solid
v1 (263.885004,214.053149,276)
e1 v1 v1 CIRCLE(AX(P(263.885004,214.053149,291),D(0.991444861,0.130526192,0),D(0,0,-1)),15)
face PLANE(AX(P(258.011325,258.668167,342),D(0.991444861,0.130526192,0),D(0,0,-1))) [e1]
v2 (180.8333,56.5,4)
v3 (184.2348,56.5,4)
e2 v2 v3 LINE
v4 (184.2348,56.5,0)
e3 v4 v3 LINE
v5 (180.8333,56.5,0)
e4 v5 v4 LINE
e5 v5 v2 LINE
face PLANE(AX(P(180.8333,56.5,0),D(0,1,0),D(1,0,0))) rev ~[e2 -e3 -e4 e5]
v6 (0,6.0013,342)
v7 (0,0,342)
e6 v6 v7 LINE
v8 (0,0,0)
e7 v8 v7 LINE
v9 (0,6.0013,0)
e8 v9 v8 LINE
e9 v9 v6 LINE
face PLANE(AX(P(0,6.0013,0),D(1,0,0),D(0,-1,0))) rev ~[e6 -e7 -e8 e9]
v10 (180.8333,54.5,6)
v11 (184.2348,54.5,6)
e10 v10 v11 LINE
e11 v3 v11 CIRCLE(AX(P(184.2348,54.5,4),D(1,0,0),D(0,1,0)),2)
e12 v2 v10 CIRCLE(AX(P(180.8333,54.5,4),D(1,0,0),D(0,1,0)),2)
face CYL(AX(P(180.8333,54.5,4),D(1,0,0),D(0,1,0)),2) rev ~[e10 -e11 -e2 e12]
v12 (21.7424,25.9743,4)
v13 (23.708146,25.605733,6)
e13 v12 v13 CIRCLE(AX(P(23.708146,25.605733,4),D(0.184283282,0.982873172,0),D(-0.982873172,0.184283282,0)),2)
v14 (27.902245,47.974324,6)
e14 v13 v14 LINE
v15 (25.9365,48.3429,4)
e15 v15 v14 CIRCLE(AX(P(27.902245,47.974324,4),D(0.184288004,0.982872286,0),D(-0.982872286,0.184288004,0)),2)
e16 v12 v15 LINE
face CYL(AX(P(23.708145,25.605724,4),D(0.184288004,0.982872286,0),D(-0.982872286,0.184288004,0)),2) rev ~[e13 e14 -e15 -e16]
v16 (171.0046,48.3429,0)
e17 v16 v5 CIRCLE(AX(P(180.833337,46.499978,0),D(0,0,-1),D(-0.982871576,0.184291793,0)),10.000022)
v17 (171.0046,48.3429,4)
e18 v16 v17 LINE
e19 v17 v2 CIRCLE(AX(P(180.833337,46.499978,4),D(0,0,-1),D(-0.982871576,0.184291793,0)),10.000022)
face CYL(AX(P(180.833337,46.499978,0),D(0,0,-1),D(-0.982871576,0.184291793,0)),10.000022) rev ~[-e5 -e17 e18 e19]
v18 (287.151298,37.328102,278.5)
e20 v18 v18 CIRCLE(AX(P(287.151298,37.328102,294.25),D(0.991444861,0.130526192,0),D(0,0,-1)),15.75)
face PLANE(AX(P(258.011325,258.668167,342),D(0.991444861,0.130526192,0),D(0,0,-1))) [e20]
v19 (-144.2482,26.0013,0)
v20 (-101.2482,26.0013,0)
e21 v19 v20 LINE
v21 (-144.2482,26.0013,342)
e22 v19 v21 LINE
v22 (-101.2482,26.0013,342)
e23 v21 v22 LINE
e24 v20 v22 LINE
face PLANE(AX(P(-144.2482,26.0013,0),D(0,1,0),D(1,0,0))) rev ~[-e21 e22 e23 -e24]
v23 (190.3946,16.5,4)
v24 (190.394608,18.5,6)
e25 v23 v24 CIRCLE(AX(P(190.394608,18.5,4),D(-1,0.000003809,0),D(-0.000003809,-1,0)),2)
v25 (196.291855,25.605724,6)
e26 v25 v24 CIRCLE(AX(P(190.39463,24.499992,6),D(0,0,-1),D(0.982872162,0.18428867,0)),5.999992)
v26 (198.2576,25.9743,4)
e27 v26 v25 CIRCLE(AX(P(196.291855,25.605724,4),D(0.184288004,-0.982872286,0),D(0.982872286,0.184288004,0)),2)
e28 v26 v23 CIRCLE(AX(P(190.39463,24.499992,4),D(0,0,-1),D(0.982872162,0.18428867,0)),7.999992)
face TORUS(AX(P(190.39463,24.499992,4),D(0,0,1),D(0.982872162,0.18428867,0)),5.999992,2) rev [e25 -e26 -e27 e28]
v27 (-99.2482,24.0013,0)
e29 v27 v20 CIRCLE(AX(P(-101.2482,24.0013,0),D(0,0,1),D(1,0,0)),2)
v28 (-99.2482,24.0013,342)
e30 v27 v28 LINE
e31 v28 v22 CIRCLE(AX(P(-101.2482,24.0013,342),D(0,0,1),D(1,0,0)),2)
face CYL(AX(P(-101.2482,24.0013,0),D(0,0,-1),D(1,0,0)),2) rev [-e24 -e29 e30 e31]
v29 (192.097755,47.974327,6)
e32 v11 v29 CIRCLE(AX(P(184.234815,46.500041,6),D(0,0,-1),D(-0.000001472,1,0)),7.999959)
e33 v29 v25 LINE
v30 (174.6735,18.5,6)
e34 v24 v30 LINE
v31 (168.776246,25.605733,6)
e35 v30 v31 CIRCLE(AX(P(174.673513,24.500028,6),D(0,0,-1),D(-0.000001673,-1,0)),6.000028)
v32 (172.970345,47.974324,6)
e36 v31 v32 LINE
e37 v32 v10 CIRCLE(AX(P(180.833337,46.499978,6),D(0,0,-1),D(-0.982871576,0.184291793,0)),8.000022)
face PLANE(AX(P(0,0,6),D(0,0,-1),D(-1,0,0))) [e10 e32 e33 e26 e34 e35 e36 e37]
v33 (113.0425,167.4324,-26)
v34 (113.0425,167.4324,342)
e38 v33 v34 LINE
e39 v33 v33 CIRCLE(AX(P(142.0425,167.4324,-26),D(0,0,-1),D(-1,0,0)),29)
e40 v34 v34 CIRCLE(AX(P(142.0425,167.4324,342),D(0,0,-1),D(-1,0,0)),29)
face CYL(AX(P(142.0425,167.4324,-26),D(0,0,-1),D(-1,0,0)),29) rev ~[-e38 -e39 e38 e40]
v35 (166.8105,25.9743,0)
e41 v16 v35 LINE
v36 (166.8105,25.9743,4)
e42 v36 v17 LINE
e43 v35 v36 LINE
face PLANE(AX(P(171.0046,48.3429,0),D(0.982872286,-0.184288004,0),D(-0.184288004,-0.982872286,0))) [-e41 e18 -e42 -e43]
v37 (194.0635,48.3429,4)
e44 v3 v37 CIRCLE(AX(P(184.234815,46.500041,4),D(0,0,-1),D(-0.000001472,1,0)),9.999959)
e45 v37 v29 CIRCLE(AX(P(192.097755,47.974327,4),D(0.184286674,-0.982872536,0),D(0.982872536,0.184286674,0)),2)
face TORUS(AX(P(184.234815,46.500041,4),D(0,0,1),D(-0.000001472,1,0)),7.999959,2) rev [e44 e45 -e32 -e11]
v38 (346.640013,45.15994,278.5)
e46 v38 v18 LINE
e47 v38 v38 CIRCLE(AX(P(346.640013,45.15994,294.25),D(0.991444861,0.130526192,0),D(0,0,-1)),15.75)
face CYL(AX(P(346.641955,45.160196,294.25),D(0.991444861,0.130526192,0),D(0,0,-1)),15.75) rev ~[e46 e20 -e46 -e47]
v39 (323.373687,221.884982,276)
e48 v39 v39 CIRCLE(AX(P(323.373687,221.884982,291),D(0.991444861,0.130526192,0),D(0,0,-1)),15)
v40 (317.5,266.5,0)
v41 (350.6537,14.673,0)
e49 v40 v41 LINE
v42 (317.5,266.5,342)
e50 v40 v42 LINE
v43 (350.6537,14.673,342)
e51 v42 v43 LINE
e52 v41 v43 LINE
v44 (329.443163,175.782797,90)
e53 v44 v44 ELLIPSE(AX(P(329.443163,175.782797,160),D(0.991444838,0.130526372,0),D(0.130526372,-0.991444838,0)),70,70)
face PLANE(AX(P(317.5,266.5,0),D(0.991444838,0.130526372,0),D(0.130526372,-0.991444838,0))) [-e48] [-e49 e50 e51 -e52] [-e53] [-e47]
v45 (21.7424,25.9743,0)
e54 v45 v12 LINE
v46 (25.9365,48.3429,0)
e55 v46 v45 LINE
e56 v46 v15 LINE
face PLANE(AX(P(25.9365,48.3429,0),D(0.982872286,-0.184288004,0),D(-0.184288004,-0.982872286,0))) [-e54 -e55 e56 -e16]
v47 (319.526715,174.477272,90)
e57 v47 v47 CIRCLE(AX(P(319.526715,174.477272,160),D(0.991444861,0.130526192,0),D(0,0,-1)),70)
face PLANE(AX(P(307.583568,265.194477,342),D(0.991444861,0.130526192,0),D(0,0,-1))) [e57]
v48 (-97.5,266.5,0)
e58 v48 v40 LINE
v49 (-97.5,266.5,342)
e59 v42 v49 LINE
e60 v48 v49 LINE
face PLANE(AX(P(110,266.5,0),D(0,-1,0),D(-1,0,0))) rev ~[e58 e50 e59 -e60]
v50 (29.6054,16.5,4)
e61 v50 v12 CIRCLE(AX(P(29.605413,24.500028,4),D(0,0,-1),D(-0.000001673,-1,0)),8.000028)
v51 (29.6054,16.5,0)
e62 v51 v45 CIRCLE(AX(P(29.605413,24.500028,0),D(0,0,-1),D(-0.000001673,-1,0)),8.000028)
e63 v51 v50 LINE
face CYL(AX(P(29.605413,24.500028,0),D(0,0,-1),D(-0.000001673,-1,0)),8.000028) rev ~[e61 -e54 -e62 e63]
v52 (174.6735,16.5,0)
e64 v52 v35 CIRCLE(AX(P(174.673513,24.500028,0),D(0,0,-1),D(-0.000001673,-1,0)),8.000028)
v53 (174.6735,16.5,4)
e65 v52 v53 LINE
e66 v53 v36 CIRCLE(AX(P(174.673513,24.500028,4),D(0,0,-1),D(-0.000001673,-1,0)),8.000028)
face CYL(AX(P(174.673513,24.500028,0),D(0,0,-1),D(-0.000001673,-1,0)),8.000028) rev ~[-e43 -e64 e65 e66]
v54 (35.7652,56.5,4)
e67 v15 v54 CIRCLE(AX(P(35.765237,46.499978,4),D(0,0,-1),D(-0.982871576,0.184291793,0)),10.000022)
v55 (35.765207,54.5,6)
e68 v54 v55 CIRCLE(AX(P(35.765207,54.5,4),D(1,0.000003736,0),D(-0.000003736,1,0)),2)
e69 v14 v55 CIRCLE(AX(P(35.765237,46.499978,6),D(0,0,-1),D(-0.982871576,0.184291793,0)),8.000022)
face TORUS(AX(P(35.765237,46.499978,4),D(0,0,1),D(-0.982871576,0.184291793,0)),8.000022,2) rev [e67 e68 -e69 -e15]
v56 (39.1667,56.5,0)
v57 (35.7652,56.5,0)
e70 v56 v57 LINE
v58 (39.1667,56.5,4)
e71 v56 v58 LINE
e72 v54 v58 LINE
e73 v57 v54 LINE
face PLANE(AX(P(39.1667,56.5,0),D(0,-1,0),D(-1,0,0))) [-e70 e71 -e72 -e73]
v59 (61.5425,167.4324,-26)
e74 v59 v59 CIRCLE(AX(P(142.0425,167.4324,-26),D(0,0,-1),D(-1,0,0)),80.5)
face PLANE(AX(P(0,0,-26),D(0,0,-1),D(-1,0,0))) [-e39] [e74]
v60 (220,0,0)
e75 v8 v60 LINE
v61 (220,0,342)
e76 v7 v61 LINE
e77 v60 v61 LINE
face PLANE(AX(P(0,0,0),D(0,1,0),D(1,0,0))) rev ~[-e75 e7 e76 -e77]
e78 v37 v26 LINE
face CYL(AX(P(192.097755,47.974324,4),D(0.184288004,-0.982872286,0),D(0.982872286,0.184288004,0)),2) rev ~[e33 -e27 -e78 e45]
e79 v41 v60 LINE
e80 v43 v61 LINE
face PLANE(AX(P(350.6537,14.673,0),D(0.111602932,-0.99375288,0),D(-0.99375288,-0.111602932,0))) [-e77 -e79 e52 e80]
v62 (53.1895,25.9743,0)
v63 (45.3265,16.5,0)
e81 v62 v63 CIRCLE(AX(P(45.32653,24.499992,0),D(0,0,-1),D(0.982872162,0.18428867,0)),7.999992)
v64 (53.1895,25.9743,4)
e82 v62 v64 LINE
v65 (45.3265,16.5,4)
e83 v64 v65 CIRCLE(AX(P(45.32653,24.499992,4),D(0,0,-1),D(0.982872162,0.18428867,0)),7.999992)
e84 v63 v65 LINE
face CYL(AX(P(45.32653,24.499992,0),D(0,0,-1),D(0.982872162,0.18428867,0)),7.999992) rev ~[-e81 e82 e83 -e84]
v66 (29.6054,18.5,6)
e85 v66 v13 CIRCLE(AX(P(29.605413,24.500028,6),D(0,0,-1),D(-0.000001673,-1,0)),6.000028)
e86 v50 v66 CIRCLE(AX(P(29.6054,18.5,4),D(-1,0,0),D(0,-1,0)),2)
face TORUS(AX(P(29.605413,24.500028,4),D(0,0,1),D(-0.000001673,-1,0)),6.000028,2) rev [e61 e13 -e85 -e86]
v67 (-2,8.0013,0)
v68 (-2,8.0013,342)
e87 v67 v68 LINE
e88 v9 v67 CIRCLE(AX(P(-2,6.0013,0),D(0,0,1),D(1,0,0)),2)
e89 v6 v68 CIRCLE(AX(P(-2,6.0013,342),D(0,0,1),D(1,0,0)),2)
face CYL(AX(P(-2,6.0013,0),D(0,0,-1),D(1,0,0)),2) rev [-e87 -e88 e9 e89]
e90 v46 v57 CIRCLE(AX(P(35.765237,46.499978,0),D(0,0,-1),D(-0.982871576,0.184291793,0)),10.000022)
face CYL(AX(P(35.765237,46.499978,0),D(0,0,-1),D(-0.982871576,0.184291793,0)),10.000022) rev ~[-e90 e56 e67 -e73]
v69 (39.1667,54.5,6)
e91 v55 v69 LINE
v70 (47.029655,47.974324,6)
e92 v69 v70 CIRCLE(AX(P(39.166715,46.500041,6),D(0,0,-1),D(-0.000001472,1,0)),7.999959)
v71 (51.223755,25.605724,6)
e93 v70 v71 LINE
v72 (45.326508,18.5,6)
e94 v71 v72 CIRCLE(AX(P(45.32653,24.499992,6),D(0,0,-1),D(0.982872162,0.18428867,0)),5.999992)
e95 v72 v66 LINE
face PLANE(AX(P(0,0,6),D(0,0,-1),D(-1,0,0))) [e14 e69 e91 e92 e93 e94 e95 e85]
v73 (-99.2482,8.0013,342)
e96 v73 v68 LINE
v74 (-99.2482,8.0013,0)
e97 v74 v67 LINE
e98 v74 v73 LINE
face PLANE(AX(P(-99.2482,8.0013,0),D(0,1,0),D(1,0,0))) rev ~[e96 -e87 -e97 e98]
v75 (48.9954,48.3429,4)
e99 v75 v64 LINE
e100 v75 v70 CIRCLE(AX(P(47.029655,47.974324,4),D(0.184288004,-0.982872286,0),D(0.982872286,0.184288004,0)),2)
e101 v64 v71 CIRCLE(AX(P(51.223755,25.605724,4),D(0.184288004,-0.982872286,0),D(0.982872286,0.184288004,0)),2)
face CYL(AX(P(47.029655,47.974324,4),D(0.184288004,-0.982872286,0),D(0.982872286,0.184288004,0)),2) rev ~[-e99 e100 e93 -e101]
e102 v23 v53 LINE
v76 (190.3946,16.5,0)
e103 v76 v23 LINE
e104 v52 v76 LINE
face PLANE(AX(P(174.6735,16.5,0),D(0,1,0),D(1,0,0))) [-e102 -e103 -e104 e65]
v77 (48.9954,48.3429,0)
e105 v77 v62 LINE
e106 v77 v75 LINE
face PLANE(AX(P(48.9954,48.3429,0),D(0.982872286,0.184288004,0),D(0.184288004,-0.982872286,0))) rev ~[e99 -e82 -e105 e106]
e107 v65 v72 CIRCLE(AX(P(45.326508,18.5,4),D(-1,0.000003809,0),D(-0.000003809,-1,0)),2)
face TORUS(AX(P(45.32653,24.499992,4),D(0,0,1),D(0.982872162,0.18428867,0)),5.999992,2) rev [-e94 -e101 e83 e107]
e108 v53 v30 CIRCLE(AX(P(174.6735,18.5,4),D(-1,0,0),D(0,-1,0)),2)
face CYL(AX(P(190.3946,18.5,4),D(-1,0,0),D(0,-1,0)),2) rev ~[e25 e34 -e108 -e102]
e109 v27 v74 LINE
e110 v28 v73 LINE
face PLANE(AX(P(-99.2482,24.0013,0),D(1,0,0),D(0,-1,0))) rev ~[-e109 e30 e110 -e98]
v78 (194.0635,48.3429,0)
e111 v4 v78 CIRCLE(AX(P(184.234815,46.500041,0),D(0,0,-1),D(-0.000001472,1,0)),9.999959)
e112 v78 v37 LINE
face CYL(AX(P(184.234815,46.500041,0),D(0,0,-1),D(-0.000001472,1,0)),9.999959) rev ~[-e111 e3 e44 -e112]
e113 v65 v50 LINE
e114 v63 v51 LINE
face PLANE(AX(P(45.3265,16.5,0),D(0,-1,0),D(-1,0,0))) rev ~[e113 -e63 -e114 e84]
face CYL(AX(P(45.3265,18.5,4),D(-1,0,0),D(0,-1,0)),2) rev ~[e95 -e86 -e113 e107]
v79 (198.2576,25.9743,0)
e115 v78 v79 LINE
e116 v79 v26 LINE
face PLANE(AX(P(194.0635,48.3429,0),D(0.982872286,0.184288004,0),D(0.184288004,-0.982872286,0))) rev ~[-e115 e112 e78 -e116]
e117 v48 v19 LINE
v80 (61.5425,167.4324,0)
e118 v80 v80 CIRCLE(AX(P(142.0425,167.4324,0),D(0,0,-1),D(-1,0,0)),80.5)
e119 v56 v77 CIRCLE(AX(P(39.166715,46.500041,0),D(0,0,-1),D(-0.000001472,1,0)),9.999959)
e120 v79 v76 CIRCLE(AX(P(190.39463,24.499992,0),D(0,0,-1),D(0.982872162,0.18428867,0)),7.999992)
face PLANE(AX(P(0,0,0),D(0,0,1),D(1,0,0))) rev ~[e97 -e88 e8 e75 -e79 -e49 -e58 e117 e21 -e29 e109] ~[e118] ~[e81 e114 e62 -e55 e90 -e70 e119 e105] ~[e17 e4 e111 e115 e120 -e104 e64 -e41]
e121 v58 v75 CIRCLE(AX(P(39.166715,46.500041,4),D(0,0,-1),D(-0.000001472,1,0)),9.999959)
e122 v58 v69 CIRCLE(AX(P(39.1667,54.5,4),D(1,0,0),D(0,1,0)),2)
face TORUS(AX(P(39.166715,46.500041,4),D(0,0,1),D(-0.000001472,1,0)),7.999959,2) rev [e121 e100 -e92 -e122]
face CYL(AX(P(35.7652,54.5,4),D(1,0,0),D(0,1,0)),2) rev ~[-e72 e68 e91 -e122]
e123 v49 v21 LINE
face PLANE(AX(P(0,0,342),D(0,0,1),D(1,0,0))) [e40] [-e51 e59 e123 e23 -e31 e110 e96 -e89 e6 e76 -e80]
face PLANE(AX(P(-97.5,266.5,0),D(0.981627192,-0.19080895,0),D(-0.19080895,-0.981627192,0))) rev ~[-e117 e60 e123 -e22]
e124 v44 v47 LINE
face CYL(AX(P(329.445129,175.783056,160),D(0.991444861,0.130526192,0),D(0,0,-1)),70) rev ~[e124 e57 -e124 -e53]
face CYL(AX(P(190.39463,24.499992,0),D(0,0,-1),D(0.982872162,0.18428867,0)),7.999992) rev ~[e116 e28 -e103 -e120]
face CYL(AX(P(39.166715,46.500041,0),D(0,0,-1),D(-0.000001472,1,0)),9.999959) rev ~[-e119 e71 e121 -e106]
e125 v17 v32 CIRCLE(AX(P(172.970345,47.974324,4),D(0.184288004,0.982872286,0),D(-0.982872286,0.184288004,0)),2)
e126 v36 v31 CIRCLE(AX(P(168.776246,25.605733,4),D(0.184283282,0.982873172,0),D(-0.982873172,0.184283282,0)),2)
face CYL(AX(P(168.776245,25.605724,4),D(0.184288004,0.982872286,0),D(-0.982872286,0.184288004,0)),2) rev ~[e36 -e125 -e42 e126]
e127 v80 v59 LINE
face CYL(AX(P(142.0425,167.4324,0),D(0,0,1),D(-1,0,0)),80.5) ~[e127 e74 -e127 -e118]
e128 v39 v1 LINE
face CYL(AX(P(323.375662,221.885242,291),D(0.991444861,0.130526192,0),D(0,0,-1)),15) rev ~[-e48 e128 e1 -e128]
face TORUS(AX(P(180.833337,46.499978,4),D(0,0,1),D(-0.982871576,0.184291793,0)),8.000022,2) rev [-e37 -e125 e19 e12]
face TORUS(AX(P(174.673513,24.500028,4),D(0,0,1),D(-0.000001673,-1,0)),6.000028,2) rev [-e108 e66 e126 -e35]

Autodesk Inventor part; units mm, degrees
ref_plane "YZ Plane" through (0, 0, 0) normal (1, 0, 0) x (0, 1, 0)
ref_plane "XZ Plane" through (0, 0, 0) normal (0, 1, 0) x (-1, 0, 0)
ref_plane "XY Plane" through (0, 0, 0) normal (0, 0, 1) x (1, 0, 0)
sketch "Sketch1" plane through (0, 0, 0) normal (0, 0, 1) x (1, 0, 0)
  line L0 (0, 0) -> (220, 0)
  line L1 (110, 0) -> (110, 266.5) construction
  line L2 (110, 266.5) -> (317.5, 266.5)
  line L3 (110, 266.5) -> (-97.5, 266.5)
  line L4 (220, 0) -> (340, 0) construction
  line L5 (317.5, 266.5) -> (350.6537, 14.673)
  line L6 (317.5, 266.5) -> (571.5, 266.5) construction
  line L7 (350.6537, 14.673) -> (220, 0)
  line L8 (-97.5, 266.5) -> (-144.2482, 26.0013)
  line L9 (-97.5, 266.5) -> (147.5, 266.5) construction
  line L10 (-144.2482, 26.0013) -> (-101.2482, 26.0013)
  line L11 (-99.2482, 24.0013) -> (-99.2482, 8.0013)
  line L12 (-99.2482, 8.0013) -> (-2, 8.0013)
  line L13 (0, 6.0013) -> (0, 0)
  arc A0 (0, 6.0013) -> (-2, 8.0013) centre (-2, 6.0013) ccw
  arc A1 (-99.2482, 24.0013) -> (-101.2482, 26.0013) centre (-101.2482, 24.0013) ccw
  point P0 (-99.2482, 26.0013)
  dimension "d0" = 220
  dimension "d1" = 266.5
  dimension "d7" = 254
  dimension "d8" = 82.5
  dimension "d9" = 245
  dimension "d10" = 101
  dimension "d11" = 45
  dimension "d12" = 18
  dimension "d14" = 415
  dimension "d15" = 2
  dimension "d16" = 2
extrude "Extrusion1" add sketch "Sketch1" along normal blind 342
sketch "Sketch3" plane through (317.5, 266.5, 342) normal (0.9914, 0.1305, 0) x (0, 0, -1)
  circle A0 centre (182, -91.5) radius 70
  line L0 (342, -254) -> (342, 0) projected
  line L1 (342, 0) -> (0, 0) projected
  line L2 (252, -91.5) -> (342, -91.5) construction
  line L3 (182, -21.5) -> (182, 0) construction
  point P0 (342, -222.778)
  dimension "d22" = 140
  dimension "d26" = 160
  dimension "d27" = 70
  dimension "d28" = 91.5
  dimension "d29" = 70
extrude "Extrusion2" cut sketch "Sketch3" against normal blind 10
sketch "Sketch4" plane through (317.5, 266.5, 342) normal (0.9914, 0.1305, 0) x (0, 0, -1)
  line L0 (342, 0) -> (0, 0) projected
  line L1 (0, -254) -> (0, 0) projected
  circle A0 centre (51, -45) radius 15
  line L2 (51, 0) -> (51, -45) construction
  line L3 (51, -45) -> (0, -45) construction
  circle A1 centre (47.75, -223.25) radius 15.75
  line L4 (342, -254) -> (0, -254) projected
  line L5 (47.75, -223.25) -> (0, -223.25) construction
  line L6 (47.75, -223.25) -> (47.75, -254) construction
  point P0 (342, -222.778)
  dimension "d34" = 30
  dimension "d37" = 45
  dimension "d38" = 51
  dimension "d39" = 31.5
  dimension "d42" = 30.75
  dimension "d43" = 47.75
extrude "Extrusion3" cut sketch "Sketch4" against normal blind 60
sketch "Sketch5" plane through (0, 0, 0) normal (0, 0, -1) x (-1, 0, 0)
  line L0 (-350.6537, 14.673) -> (-317.5, 266.5) projected
  line L1 (-317.5, 266.5) -> (97.5, 266.5) projected
  circle A0 centre (-142.0425, 167.4324) radius 80.5
  line L2 (-142.0425, 247.9324) -> (-142.0425, 266.9324) construction
  line L3 (-142.0425, 167.4324) -> (-330.5425, 167.4324) construction
  point P0 (0, 0)
  dimension "d49" = 161
  dimension "d50" = 19
  dimension "d52" = 188.5
extrude "Extrusion4" add sketch "Sketch5" along normal blind 26
sketch "Sketch6" plane through (142.0425, 167.4324, -26) normal (0, 0, -1) x (-1, 0, 0)
  circle A0 centre (0, 0) radius 29
  point P0 (142.0425, -167.4324)
  dimension "d55" = 58
extrude "Extrusion5" cut sketch "Sketch6" against normal through all
sketch "Sketch7" plane through (0, 0, 0) normal (0, 0, -1) x (-1, 0, 0)
  line L0 (-39.1667, 56.5) -> (-35.7652, 56.5)
  line L1 (-45.3265, 16.5) -> (-29.6054, 16.5)
  line L2 (-48.9954, 48.3429) -> (-53.1895, 25.9743)
  line L3 (-25.9365, 48.3429) -> (-21.7424, 25.9743)
  arc A0 (-39.1667, 56.5) -> (-48.9954, 48.3429) centre (-39.1667, 46.5) ccw
  arc A1 (-25.9365, 48.3429) -> (-35.7652, 56.5) centre (-35.7652, 46.5) ccw
  arc A2 (-53.1895, 25.9743) -> (-45.3265, 16.5) centre (-45.3265, 24.5) ccw
  arc A3 (-29.6054, 16.5) -> (-21.7424, 25.9743) centre (-29.6054, 24.5) ccw
  line L4 (0, 0) -> (-220, 0) projected
  line L5 (-110, 0) -> (-110, 69.6289)
  line L6 (-180.8333, 56.5) -> (-184.2348, 56.5)
  line L7 (-174.6735, 16.5) -> (-190.3946, 16.5)
  line L8 (-171.0046, 48.3429) -> (-166.8105, 25.9743)
  line L9 (-194.0635, 48.3429) -> (-198.2576, 25.9743)
  arc A4 (-171.0046, 48.3429) -> (-180.8333, 56.5) centre (-180.8333, 46.5) ccw
  arc A5 (-184.2348, 56.5) -> (-194.0635, 48.3429) centre (-184.2348, 46.5) ccw
  arc A6 (-174.6735, 16.5) -> (-166.8105, 25.9743) centre (-174.6735, 24.5) ccw
  arc A7 (-198.2576, 25.9743) -> (-190.3946, 16.5) centre (-190.3946, 24.5) ccw
  point P0 (-47.466, 56.5)
  point P1 (-27.466, 56.5)
  point P2 (-54.966, 16.5)
  point P3 (-19.966, 16.5)
  point P4 (-172.534, 56.5)
  point P5 (-192.534, 56.5)
  point P6 (-165.034, 16.5)
  point P7 (-200.034, 16.5)
  dimension "d69" = 20
  dimension "d70" = 35
  dimension "d72" = 10
  dimension "d73" = 8
extrude "Extrusion6" cut sketch "Sketch7" against normal blind 6
fillet "Fillet1" radius 2 8 edges at (182.534, 56.5, 6) (174.447, 54.1951, 6) (168.9075, 37.1586, 6) (168.5174, 19.3909, 6) (182.534, 16.5, 6) (196.5507, 19.3909, 6) (196.1606, 37.1586, 6) (190.6211, 54.1951, 6)
fillet "Fillet2" radius 2 8 edges at (51.0925, 37.1586, 6) (45.553, 54.1951, 6) (37.466, 56.5, 6) (29.3789, 54.1951, 6) (23.8394, 37.1586, 6) (23.4493, 19.3909, 6) (37.466, 16.5, 6) (51.4826, 19.3909, 6)
ref_plane "Work Plane2" through (142.0425, 167.4324, -26) normal (-1, 0, 0) x (0, 0, 1)
properties part number "Gearbox"
